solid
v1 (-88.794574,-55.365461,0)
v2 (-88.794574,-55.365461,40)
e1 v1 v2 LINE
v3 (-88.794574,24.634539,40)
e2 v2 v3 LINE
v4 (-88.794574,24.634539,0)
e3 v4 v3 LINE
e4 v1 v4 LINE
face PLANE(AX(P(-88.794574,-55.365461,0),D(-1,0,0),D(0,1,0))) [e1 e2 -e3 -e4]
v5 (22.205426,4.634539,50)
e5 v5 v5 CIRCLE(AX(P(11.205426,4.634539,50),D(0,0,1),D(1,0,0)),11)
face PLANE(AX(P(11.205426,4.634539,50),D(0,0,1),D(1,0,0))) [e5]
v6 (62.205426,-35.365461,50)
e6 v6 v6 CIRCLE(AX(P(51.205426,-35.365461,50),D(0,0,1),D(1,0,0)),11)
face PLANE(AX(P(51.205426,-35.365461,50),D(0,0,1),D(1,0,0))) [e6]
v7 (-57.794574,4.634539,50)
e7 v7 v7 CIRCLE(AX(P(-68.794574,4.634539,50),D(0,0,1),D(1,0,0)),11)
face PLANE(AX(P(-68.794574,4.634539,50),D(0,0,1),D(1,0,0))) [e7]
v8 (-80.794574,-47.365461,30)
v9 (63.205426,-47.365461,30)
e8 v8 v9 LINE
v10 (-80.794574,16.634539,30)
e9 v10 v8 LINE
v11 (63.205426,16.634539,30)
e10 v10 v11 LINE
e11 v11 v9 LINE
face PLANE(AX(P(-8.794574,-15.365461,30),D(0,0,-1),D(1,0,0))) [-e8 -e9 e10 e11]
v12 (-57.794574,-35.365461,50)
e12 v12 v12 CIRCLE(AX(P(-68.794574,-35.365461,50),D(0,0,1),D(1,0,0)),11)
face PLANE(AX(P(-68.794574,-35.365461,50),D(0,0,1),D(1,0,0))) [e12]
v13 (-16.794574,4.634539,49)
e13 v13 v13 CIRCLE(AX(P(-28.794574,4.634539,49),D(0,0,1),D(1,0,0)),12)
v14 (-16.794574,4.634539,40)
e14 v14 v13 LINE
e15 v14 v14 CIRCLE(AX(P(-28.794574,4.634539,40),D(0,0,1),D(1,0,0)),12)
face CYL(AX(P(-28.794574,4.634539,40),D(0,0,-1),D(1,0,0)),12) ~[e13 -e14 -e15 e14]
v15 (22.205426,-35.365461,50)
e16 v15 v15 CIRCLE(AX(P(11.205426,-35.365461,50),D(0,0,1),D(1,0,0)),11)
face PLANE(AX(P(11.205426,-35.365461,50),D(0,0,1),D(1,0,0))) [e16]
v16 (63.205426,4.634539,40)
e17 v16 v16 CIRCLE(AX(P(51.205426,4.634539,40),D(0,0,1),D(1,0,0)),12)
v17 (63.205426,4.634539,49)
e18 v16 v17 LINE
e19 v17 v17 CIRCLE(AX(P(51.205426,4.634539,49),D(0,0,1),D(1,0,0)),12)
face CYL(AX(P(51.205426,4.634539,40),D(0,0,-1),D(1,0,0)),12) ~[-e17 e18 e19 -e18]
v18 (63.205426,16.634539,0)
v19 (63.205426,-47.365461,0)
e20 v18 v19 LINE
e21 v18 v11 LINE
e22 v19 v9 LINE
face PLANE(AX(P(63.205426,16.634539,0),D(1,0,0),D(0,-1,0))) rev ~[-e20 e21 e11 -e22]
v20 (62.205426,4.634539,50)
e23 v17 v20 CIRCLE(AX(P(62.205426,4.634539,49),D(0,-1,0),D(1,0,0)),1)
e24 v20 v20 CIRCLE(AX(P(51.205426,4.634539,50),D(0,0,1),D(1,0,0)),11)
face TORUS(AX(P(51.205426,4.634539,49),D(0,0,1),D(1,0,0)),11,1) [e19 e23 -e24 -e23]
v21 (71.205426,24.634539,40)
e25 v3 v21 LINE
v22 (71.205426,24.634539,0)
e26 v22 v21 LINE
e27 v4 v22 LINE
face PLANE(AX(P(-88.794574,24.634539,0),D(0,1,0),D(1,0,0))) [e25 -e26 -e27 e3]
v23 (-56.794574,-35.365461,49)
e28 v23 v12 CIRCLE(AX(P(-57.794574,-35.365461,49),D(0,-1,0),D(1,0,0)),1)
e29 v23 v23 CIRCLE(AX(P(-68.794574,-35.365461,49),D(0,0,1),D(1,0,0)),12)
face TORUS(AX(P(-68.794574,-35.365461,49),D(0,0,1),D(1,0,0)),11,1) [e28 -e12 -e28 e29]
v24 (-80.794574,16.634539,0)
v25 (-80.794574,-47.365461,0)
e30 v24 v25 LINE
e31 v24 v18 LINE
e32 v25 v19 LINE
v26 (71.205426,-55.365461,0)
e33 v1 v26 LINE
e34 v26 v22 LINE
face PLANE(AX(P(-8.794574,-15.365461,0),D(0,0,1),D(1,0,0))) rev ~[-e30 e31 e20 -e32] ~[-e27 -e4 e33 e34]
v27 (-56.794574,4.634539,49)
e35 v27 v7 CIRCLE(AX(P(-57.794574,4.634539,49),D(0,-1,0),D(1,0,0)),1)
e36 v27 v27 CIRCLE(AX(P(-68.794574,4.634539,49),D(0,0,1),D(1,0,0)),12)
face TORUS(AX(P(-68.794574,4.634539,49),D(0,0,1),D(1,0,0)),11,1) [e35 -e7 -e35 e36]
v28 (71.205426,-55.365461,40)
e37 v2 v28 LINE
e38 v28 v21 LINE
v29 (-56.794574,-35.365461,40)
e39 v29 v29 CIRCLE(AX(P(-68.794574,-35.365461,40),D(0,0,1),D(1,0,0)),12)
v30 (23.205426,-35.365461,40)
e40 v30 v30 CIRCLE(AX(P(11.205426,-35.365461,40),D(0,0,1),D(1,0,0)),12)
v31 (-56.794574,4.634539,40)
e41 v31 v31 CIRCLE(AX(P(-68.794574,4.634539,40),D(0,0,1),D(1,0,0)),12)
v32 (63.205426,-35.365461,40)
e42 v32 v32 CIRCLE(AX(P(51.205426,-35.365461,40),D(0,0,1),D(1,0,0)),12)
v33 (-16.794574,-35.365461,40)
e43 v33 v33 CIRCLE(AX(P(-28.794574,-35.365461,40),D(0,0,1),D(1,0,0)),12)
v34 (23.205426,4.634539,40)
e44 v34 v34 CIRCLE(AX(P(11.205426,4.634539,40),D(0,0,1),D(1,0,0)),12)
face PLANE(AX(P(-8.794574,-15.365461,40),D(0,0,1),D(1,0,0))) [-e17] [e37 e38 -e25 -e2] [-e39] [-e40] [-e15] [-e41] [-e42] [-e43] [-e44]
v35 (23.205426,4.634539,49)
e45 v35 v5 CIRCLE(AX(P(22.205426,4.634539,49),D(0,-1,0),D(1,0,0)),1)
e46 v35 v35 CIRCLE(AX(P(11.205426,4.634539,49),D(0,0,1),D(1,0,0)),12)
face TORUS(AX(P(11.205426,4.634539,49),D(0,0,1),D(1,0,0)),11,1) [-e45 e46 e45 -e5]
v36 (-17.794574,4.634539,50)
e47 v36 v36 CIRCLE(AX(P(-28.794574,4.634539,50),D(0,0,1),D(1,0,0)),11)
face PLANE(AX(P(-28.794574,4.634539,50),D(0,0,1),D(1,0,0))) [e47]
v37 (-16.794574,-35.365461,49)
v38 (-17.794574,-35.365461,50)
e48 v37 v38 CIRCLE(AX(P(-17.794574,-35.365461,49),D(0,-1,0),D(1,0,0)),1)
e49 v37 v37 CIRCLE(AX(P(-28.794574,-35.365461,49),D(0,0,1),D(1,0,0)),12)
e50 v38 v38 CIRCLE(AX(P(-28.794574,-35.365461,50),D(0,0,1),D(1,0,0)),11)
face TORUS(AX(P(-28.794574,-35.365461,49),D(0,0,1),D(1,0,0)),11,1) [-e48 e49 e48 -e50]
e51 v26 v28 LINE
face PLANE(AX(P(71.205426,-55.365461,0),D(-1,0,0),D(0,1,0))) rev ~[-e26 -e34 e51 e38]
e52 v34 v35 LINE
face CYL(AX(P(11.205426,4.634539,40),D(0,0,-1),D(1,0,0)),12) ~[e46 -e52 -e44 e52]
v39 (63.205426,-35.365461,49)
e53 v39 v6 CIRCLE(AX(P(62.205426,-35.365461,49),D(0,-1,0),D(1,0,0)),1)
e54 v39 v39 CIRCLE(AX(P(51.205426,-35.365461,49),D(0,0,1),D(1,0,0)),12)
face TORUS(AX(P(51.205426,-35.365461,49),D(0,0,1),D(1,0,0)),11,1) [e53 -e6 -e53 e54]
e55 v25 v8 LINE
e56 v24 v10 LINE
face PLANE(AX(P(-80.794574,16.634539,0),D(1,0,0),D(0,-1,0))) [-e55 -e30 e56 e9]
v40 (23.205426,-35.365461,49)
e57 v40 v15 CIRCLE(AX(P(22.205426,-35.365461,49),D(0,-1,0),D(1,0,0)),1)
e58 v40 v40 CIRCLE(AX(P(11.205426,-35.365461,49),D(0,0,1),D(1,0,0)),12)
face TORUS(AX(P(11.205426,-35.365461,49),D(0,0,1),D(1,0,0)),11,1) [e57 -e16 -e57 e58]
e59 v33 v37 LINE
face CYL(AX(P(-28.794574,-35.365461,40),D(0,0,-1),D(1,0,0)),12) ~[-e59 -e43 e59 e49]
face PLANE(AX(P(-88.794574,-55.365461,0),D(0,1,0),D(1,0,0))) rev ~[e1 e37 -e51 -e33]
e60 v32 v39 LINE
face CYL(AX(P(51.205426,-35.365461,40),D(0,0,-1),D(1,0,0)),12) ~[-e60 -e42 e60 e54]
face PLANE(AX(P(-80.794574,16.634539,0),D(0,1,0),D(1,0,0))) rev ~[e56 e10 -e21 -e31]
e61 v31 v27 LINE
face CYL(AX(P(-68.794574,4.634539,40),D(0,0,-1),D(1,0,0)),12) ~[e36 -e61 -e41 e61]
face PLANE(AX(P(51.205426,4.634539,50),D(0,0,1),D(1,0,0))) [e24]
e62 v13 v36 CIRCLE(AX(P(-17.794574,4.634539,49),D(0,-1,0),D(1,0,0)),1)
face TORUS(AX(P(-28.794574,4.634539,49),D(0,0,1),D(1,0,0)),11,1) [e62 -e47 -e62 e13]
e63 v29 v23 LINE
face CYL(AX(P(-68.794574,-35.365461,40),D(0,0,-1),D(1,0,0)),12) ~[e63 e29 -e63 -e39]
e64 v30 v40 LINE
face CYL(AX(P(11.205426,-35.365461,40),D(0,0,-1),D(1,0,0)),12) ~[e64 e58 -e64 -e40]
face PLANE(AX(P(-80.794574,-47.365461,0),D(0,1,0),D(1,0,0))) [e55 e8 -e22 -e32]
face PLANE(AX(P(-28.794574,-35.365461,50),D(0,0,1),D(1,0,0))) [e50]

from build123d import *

# Parameters (mm, degrees)
F0_W     = 160
F0_H     = 80
F1_DEPTH = 40
F2_W     = 144
F2_H     = 64
F3_DEPTH = 30
F4_R     = 12
F5_DEPTH = 10
F6_R     = 1


with BuildPart() as f1:
    # F0 (on Top) → F1 (new body)
    with BuildSketch(Plane.XY):
        with Locations((-8.794574, -15.365461)):
            Rectangle(F0_W, F0_H)
    extrude(amount=F1_DEPTH)

    # F2 (on face) → F3 (cut)
    with BuildSketch(Plane(origin=(0, 0, 0), x_dir=(1, 0, 0), z_dir=(0, 0, -1))):
        with Locations((-8.794574, 15.365461)):
            Rectangle(F2_W, F2_H)
    extrude(amount=-F3_DEPTH, mode=Mode.SUBTRACT)

    # F4 (on face) → F5 (join)
    with BuildSketch(Plane.XY.offset(40)):
        with Locations((-68.794574, 4.634539)):
            Circle(F4_R)
        with Locations((-68.794574, -35.365461)):
            Circle(F4_R)
        with Locations((-28.794574, 4.634539)):
            Circle(F4_R)
        with Locations((-28.794574, -35.365461)):
            Circle(F4_R)
        with Locations((11.205426, 4.634539)):
            Circle(F4_R)
        with Locations((11.205426, -35.365461)):
            Circle(F4_R)
        with Locations((51.205426, 4.634539)):
            Circle(F4_R)
        with Locations((51.205426, -35.365461)):
            Circle(F4_R)
    extrude(amount=F5_DEPTH)

    # F6
    f6_edges = [f1.edges().sort_by_distance(p)[0] for p in [
        (-80.794574, 4.634539, 50),
        (-40.794574, 4.634539, 50),
        (-0.794574, 4.634539, 50),
        (39.205426, 4.634539, 50),
        (39.205426, -35.365461, 50),
        (-0.794574, -35.365461, 50),
        (-40.794574, -35.365461, 50),
        (-80.794574, -35.365461, 50),
    ]]
    fillet(f6_edges, radius=F6_R)


solid = f1.part
